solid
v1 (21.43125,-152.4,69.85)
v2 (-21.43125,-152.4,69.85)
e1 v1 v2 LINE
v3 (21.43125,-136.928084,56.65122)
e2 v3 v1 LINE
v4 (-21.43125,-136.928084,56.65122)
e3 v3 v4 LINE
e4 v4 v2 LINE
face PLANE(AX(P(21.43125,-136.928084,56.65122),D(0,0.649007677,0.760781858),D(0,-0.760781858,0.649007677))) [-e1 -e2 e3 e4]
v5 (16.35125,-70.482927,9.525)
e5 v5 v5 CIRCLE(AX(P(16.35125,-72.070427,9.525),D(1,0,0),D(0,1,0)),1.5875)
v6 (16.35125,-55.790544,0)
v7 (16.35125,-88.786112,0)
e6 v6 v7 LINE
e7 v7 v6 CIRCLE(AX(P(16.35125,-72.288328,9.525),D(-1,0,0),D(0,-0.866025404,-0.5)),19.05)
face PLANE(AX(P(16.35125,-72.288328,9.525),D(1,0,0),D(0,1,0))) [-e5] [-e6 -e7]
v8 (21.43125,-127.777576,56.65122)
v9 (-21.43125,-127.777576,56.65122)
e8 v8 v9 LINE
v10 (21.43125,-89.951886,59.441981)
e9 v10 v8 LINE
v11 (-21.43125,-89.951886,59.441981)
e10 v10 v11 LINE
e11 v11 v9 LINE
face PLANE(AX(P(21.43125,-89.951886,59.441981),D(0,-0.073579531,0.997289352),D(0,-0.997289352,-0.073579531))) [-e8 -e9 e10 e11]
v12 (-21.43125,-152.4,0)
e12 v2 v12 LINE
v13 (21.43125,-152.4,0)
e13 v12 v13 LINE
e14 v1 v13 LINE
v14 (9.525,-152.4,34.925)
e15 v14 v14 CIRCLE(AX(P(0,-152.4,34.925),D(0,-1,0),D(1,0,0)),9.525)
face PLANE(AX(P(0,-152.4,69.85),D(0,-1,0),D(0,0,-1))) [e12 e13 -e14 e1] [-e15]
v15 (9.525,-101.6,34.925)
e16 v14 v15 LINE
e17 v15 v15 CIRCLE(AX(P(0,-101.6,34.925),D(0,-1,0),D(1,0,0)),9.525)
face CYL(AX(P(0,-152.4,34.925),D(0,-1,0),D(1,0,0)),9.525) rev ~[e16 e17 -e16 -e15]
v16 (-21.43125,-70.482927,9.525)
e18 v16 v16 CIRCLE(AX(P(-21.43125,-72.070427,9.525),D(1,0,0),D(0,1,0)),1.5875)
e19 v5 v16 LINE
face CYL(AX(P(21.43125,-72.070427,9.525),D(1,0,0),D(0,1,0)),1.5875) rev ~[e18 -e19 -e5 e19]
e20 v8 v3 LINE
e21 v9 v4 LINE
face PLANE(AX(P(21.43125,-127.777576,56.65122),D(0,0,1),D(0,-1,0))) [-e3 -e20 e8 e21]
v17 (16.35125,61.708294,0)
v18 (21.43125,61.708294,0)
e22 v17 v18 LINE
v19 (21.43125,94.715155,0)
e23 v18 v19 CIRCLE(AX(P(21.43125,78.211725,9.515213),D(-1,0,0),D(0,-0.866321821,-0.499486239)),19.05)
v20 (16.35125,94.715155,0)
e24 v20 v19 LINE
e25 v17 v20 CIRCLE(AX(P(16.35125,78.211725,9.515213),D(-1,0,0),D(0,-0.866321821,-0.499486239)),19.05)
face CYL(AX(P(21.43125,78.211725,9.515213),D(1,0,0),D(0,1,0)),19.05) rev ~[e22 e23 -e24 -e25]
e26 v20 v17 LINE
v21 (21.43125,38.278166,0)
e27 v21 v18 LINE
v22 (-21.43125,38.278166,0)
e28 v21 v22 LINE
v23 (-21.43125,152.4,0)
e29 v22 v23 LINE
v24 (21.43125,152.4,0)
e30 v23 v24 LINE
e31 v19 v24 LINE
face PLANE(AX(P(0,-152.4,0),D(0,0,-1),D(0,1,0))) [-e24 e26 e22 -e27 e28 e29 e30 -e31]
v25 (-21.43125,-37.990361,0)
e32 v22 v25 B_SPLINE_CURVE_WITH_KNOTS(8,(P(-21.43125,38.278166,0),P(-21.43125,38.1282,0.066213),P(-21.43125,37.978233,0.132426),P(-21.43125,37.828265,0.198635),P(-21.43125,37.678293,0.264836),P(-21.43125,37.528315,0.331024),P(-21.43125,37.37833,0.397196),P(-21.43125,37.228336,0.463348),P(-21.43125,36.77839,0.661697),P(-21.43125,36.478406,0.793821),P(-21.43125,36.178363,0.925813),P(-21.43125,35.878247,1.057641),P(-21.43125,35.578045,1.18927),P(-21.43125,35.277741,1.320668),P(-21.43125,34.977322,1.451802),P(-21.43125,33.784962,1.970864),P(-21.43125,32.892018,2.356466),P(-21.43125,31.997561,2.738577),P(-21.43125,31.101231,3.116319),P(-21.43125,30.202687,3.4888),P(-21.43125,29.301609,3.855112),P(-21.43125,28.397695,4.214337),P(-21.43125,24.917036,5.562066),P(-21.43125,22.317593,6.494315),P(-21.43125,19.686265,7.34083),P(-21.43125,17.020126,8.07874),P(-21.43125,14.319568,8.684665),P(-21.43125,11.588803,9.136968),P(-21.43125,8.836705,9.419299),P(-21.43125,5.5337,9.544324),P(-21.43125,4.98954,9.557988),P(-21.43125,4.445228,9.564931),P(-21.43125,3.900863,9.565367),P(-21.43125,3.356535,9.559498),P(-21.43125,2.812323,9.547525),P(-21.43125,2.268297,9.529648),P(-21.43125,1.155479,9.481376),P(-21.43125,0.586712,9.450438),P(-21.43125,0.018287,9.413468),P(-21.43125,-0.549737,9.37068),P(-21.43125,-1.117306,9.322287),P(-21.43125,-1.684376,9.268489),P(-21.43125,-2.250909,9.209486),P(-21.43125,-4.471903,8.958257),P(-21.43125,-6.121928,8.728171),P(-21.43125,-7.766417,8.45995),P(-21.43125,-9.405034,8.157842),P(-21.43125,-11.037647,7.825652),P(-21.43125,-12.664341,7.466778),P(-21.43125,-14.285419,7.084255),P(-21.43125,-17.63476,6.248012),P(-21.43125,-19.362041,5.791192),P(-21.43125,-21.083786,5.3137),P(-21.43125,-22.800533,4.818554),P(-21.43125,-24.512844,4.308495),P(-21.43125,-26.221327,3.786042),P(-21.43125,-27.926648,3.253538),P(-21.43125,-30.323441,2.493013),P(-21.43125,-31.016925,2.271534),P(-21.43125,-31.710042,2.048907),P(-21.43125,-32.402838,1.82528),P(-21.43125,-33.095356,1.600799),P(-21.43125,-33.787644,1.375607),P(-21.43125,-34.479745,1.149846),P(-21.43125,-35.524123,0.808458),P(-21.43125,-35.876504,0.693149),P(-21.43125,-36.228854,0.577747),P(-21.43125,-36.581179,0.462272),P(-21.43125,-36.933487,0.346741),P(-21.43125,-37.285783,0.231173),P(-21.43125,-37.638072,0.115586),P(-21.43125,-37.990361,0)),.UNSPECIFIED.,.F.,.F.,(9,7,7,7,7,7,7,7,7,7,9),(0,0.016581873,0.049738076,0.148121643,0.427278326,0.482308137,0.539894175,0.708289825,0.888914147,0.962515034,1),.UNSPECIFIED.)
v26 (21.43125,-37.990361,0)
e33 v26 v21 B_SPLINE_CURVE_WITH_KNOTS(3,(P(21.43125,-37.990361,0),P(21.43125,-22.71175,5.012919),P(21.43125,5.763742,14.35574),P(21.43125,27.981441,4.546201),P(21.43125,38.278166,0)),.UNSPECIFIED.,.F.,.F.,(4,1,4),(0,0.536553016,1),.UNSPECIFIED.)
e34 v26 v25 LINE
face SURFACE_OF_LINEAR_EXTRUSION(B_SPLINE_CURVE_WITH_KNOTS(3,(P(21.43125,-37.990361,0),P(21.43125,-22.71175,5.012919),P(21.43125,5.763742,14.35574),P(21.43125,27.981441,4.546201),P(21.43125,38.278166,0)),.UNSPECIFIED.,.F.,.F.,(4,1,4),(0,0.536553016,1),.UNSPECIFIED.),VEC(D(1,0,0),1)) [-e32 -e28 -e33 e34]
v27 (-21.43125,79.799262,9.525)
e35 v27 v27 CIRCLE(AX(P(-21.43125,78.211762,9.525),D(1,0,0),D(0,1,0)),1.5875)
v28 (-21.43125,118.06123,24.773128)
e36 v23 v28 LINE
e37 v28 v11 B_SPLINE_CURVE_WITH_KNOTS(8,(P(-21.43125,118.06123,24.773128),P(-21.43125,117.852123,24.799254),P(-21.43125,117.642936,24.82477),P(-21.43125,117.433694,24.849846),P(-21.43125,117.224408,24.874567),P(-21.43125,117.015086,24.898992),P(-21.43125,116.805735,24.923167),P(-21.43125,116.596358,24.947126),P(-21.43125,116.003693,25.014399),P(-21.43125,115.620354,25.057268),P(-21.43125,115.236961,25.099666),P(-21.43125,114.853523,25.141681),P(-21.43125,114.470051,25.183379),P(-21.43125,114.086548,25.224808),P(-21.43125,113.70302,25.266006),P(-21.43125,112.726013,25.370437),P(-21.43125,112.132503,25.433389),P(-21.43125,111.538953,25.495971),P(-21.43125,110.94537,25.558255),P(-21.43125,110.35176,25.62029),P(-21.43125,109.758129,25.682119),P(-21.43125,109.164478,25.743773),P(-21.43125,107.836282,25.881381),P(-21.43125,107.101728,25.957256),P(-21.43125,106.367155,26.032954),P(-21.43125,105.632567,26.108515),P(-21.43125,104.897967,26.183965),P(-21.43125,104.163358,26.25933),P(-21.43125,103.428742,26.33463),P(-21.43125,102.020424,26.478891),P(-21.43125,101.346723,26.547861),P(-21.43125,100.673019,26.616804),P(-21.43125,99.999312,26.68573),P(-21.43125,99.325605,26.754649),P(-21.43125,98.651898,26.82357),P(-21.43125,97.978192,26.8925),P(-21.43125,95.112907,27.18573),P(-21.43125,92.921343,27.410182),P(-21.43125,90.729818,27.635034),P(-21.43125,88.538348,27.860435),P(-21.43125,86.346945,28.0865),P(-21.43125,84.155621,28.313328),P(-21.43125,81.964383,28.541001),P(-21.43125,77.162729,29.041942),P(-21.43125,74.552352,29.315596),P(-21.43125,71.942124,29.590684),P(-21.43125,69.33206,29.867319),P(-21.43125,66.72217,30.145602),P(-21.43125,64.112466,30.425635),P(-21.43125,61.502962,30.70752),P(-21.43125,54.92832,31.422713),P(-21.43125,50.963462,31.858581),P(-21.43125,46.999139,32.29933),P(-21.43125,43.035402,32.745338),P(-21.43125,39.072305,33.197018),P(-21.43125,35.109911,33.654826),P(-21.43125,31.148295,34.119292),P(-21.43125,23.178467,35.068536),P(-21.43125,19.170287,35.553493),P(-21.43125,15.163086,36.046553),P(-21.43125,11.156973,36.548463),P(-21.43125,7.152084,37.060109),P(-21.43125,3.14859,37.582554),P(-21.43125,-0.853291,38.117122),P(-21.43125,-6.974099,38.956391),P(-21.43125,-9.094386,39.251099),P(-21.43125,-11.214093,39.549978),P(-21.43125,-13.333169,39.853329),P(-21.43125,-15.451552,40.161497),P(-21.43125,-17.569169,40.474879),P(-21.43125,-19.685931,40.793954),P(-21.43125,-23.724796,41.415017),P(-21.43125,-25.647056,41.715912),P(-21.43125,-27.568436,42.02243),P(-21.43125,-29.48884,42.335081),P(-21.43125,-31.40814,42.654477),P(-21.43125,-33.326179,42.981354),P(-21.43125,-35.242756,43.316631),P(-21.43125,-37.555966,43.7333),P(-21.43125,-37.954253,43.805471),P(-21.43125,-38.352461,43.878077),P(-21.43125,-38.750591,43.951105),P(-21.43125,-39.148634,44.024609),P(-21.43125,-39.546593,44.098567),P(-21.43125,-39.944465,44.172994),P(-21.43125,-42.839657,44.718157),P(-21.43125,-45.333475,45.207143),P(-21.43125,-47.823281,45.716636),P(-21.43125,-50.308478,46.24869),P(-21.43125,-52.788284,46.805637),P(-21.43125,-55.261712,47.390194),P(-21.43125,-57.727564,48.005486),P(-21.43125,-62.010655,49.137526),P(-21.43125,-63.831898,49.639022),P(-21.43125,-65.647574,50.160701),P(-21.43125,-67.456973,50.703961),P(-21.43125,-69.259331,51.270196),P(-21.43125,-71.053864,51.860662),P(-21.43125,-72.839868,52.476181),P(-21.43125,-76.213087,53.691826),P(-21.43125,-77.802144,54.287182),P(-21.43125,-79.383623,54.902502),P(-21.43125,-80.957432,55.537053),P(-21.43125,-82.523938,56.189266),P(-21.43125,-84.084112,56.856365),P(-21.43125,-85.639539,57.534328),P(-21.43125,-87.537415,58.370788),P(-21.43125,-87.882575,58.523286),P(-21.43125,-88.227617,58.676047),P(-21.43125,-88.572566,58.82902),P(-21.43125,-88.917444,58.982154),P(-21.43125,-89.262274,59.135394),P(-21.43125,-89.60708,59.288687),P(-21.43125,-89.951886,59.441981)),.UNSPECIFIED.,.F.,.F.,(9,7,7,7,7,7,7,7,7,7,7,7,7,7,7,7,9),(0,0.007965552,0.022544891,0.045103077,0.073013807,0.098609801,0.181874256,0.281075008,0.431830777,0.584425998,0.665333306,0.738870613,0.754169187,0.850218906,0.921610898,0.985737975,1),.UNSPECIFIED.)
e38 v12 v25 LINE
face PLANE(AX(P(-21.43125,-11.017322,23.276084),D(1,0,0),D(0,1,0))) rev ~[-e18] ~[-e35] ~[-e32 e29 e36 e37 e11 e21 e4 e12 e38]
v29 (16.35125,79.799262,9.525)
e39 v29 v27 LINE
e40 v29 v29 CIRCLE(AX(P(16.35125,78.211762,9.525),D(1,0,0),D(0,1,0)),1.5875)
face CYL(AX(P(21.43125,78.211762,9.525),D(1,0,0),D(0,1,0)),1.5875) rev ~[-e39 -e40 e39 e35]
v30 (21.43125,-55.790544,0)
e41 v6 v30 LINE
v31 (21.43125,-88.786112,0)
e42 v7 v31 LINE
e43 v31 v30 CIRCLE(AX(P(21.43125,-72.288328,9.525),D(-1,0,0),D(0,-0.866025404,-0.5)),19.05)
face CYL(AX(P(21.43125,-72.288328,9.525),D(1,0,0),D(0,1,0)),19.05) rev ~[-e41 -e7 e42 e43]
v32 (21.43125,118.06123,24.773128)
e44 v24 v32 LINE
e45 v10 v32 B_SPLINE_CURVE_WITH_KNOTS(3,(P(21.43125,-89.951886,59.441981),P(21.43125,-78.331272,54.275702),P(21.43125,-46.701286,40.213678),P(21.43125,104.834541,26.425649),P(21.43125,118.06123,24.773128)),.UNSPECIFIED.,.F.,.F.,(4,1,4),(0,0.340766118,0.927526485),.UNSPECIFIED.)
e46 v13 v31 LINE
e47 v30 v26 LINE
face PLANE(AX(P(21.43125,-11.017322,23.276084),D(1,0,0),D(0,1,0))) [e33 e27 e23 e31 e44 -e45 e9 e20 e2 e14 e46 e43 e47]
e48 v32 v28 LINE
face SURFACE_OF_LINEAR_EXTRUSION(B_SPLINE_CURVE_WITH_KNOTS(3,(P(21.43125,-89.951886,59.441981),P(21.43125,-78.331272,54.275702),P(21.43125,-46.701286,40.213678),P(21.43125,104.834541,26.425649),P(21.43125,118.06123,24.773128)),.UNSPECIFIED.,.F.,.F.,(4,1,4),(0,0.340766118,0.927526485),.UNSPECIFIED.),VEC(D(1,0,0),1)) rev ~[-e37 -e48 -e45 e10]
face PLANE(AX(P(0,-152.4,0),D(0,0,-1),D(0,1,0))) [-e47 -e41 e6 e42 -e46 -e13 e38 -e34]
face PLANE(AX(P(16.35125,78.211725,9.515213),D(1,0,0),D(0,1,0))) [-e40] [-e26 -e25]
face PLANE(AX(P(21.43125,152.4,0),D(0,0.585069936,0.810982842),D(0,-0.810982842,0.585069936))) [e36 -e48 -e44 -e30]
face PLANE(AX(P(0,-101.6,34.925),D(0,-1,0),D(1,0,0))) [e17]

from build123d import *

# Parameters (mm, degrees)
F1_DEPTH = 21.43125
F2_R     = 9.525
F3_DEPTH = 50.8
F4_R     = 1.5875
F6_DEPTH = 43.18
F7_R     = 19.05
F8_DEPTH = 5.08


with BuildPart() as f1:
    # F0 (on Right) → F1 (new body, symmetric)
    with BuildSketch(Plane.YZ):
        Polygon((-152.4, 69.85), (-152.4, 0), (152.4, 0), (152.4, 19.05), align=None)
    extrude(amount=F1_DEPTH, both=True)

    # F2 (on face) → F3 (cut)
    with BuildSketch(Plane.XZ.offset(152.4)):
        with Locations((0, 34.925)):
            Circle(F2_R)
    extrude(amount=-F3_DEPTH, mode=Mode.SUBTRACT)

    # F4 (on face) → F6 (intersect)
    with BuildSketch(Plane.YZ.offset(21.43125)):
        with BuildLine():
            Line((152.4, 0), (118.0612299003, 24.77312835))
            add(Edge.make_bspline(
                [(-89.9518863056, 59.4419810509), (-78.3312719762, 54.2757015098), (-46.7012859115, 40.2136781728), (104.83454077, 26.4256487446), (118.0612299003, 24.77312835)],
                knots=[0, 0, 0, 0, 0.3407661179, 0.9275264848, 0.9275264848, 0.9275264848, 0.9275264848], degree=3))
            Line((-89.9518863056, 59.4419810509), (-127.7775764465, 56.6512197256))
            Line((-127.7775764465, 56.6512197256), (-136.9280835145, 56.6512197256))
            Line((-136.9280835145, 56.6512197256), (-152.4, 69.85))
            Line((-152.4, 69.85), (-152.4, 0))
            Line((-152.4, 0), (-37.9903614521, 0))
            add(Edge.make_bspline(
                [(-37.9903614521, 0), (-22.7117503508, 5.0129187767), (5.7637416088, 14.3557397552), (27.9814406153, 4.5462011009), (38.2781662047, 0)],
                knots=[0, 0, 0, 0, 0.5365530163, 1, 1, 1, 1], degree=3))
            Line((38.2781662047, 0), (152.4, 0))
        make_face()
        with Locations((-72.0704272389, 9.525)):
            Circle(F4_R, mode=Mode.SUBTRACT)
        with Locations((78.2117620111, 9.525)):
            Circle(F4_R, mode=Mode.SUBTRACT)
    extrude(amount=-F6_DEPTH, mode=Mode.INTERSECT)

    # F7 (on face) → F8 (cut)
    with BuildSketch(Plane.YZ.offset(21.43125)):
        with Locations((-72.2883281696, 9.525)):
            Circle(F7_R)
        with Locations((78.2117247581, 9.5152128488)):
            Circle(F7_R)
    extrude(amount=-F8_DEPTH, mode=Mode.SUBTRACT)


solid = f1.part
